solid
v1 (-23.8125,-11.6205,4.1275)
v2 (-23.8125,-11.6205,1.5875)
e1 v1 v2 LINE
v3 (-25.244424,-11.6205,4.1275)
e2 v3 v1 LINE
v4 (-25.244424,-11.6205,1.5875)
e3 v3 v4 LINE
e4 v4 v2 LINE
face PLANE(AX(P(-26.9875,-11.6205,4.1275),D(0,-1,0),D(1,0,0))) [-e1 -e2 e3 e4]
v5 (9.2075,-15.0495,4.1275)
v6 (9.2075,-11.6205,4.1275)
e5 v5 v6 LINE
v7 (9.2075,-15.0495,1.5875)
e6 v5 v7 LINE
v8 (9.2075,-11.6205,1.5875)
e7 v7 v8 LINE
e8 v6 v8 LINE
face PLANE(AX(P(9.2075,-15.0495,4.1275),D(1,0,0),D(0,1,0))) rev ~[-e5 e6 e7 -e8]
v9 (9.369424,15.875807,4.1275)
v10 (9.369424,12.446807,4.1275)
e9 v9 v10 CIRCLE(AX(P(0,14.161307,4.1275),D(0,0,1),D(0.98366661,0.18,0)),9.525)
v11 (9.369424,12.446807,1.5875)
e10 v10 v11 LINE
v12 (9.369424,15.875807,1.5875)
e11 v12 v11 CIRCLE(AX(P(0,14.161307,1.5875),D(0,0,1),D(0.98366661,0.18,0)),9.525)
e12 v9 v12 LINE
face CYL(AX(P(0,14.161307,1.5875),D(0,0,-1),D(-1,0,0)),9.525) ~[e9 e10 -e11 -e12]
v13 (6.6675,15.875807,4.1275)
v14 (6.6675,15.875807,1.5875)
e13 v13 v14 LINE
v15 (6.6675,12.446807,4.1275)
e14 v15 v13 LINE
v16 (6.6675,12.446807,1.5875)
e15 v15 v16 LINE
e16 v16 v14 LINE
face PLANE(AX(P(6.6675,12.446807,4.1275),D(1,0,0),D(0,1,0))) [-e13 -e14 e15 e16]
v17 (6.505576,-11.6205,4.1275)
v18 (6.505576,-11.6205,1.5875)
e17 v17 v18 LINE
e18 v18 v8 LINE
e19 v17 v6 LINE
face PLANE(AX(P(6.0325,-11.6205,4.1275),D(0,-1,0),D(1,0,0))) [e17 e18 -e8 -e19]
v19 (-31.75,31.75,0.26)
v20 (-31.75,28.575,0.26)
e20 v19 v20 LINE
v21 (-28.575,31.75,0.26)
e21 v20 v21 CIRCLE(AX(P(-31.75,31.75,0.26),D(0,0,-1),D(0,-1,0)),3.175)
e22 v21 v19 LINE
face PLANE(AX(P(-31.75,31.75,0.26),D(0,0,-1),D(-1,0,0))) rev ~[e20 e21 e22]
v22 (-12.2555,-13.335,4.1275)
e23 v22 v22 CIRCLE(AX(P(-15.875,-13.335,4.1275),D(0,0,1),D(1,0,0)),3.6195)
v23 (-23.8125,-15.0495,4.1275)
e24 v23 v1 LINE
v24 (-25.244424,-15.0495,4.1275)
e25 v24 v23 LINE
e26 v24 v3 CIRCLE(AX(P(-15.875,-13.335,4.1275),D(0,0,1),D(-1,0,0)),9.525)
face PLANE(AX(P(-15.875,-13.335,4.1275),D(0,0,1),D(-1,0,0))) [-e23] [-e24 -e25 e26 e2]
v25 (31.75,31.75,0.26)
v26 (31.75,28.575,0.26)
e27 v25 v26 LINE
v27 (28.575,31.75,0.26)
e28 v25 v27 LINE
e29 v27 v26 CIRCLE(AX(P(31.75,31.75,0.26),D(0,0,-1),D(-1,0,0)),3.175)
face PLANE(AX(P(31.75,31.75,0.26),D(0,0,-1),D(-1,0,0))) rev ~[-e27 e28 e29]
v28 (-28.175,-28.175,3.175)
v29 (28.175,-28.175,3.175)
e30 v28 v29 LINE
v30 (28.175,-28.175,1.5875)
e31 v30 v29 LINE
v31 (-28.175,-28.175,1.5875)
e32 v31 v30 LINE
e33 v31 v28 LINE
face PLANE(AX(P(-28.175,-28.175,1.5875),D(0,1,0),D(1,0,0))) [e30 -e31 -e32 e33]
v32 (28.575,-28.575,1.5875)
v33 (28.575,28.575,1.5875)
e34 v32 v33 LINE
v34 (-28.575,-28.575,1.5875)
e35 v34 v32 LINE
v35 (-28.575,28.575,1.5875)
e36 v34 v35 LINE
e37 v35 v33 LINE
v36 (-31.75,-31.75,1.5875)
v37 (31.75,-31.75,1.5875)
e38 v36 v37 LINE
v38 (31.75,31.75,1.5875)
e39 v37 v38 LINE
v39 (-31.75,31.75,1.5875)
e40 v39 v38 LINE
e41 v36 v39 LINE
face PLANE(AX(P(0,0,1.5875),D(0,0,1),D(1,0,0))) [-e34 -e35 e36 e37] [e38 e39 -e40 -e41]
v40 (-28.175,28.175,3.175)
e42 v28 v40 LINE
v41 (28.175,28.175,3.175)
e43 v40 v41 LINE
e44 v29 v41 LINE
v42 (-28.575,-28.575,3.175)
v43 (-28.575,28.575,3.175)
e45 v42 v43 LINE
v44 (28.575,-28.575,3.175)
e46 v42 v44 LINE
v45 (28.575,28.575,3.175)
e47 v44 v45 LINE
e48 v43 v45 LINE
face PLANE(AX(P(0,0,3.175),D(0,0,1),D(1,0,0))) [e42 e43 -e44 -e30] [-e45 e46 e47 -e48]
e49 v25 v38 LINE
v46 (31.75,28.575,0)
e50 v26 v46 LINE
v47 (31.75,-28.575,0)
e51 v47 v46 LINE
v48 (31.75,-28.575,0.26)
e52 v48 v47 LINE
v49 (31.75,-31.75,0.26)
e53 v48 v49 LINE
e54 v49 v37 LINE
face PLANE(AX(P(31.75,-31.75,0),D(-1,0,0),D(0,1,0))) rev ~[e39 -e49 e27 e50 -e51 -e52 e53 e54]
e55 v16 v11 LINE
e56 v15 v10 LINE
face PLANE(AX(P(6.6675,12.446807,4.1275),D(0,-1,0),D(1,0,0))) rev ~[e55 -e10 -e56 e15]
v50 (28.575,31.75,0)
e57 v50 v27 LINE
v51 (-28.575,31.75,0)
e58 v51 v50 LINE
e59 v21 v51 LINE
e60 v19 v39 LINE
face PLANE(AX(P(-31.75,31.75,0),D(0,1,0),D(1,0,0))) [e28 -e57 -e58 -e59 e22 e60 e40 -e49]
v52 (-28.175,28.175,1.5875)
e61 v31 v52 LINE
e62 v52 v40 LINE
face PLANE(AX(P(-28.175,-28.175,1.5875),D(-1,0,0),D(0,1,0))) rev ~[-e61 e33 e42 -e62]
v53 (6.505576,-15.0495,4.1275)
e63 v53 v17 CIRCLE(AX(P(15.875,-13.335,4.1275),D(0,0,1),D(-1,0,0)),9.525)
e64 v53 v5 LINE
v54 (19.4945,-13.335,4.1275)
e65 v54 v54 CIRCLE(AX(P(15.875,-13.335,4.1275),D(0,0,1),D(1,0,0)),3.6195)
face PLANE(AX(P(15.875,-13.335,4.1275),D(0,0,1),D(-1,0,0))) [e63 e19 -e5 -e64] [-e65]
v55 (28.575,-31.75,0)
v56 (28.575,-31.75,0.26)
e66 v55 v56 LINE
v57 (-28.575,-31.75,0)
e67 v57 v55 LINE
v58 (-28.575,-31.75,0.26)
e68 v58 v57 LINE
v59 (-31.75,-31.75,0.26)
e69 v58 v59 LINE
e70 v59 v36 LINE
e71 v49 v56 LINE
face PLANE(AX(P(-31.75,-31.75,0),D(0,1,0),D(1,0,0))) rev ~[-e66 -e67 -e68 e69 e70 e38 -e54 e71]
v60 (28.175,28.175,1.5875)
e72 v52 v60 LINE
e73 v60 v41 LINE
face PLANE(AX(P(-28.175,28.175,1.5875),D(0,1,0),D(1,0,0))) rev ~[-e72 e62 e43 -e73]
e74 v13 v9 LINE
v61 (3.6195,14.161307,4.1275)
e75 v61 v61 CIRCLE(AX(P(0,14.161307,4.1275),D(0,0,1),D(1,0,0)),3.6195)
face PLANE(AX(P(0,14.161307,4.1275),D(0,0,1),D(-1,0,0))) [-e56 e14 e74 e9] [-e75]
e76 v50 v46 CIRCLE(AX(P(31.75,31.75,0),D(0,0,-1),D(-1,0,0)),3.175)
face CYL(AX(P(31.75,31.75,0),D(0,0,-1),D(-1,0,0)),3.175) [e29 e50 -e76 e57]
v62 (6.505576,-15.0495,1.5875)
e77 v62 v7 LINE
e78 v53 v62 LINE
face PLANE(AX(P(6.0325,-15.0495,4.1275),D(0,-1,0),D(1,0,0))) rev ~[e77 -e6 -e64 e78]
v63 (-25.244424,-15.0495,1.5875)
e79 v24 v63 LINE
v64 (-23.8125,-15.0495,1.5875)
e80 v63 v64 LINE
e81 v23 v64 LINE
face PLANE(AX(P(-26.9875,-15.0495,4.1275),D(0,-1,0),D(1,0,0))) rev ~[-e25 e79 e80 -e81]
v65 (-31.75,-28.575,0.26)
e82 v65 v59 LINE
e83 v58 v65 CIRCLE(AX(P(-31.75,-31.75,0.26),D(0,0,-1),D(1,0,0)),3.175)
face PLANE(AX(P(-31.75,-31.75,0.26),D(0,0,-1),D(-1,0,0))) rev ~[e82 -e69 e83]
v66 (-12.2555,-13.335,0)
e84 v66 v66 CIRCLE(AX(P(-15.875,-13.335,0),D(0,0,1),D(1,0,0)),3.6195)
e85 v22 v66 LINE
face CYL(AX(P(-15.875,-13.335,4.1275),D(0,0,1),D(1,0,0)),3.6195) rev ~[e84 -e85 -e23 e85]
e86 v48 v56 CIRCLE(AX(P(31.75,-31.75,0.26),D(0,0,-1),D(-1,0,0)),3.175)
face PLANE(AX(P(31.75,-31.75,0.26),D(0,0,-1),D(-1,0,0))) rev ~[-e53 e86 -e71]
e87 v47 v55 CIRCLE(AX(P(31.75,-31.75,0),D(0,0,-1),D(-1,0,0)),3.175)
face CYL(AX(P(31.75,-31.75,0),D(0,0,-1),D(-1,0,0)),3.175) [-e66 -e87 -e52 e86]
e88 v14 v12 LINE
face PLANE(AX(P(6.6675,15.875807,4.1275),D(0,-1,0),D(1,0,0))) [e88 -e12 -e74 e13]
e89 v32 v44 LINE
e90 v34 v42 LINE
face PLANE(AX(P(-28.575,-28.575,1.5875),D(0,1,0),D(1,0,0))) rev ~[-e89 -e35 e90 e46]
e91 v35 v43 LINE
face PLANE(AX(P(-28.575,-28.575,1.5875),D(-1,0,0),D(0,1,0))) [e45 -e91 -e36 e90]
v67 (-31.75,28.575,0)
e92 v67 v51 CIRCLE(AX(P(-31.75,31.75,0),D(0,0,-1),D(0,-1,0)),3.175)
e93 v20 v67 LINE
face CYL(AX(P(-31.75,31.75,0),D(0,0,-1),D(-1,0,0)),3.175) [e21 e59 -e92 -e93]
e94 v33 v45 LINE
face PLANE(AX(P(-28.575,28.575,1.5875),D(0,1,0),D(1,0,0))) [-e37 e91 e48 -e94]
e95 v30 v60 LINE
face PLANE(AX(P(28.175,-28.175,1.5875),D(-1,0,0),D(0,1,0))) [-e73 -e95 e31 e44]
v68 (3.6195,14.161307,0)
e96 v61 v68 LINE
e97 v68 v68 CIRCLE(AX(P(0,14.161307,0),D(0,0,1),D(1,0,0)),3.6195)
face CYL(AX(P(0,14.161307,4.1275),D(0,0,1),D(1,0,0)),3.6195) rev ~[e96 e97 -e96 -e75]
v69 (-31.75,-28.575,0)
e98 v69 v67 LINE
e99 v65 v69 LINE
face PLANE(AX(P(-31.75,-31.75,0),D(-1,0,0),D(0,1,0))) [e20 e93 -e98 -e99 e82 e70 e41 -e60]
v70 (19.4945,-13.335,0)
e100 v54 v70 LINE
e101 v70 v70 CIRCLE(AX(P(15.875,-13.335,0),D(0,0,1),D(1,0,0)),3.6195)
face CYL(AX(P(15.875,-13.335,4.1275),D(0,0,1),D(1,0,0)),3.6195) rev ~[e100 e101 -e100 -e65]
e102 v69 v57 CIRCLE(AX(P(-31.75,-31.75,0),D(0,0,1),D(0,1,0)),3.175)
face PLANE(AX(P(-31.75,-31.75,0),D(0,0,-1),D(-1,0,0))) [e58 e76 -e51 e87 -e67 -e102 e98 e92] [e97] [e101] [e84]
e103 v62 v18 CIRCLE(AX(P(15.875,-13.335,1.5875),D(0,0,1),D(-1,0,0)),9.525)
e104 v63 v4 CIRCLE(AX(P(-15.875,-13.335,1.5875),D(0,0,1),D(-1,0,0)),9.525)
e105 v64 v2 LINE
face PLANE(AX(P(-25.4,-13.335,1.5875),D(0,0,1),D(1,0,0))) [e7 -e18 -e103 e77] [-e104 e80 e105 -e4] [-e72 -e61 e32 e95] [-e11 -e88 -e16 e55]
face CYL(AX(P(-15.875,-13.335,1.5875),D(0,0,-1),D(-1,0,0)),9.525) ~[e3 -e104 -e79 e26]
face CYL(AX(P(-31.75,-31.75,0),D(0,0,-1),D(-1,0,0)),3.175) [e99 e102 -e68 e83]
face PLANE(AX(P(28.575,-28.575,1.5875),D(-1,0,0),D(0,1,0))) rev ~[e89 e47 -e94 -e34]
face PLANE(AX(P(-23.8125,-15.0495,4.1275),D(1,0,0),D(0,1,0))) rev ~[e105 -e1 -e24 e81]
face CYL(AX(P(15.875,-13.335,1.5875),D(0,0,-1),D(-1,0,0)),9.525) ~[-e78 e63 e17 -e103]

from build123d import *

# Parameters (mm, degrees)
SKETCH1_W           = 63.5
SKETCH1_H           = 63.5
BOSS_EXTRUDE1_DEPTH = 1.5875
SKETCH2_W           = 57.15
SKETCH2_H           = 57.15
SKETCH2_W_2         = 56.35
SKETCH2_H_2         = 56.35
BOSS_EXTRUDE2_DEPTH = 1.5875
SKETCH3_R           = 9.525
BOSS_EXTRUDE4_DEPTH = 2.54
SKETCH5_R           = 3.6195
CUT_EXTRUDE2_DEPTH  = 46.090589442
SKETCH6_W           = 3.175
SKETCH6_H           = 3.429
CUT_EXTRUDE3_DEPTH  = 2.54
SKETCH7_R           = 3.175
BOSS_EXTRUDE5_DEPTH = 0.26


with BuildPart() as part:
    # Sketch1 → Boss-Extrude1 (new body)
    with BuildSketch(Plane.XY):
        Rectangle(SKETCH1_W, SKETCH1_H)
    extrude(amount=BOSS_EXTRUDE1_DEPTH)

    # Sketch2 → Boss-Extrude2 (add)
    with BuildSketch(Plane.XY.offset(1.5875)):
        Rectangle(SKETCH2_W, SKETCH2_H)
        Rectangle(SKETCH2_W_2, SKETCH2_H_2, mode=Mode.SUBTRACT)
    extrude(amount=BOSS_EXTRUDE2_DEPTH)

    # Sketch3 → Boss-Extrude4 (add)
    with BuildSketch(Plane.XY.offset(1.5875)):
        with Locations(Location((-15.875, -13.335, 0), (0, 0, 180))):
            Circle(SKETCH3_R)
        with Locations(Location((0, 14.16130657, 0), (0, 0, 180))):
            Circle(SKETCH3_R)
        with Locations(Location((15.875, -13.335, 0), (0, 0, 180))):
            Circle(SKETCH3_R)
    extrude(amount=BOSS_EXTRUDE4_DEPTH)

    # Sketch5 → Cut-Extrude2 (cut, through all)
    with BuildSketch(Plane.XY.offset(4.1275)):
        with Locations((0, 14.16130657)):
            Circle(SKETCH5_R)
        with Locations((15.875, -13.335)):
            Circle(SKETCH5_R)
        with Locations((-15.875, -13.335)):
            Circle(SKETCH5_R)
    extrude(amount=-CUT_EXTRUDE2_DEPTH, mode=Mode.SUBTRACT)

    # Sketch6 → Cut-Extrude3 (cut)
    with BuildSketch(Plane.XY.offset(4.1275)):
        with Locations((8.255, 14.16130657)):
            Rectangle(SKETCH6_W, SKETCH6_H)
        with Locations((-25.4, -13.335)):
            Rectangle(SKETCH6_W, SKETCH6_H)
        with Locations((7.62, -13.335)):
            Rectangle(SKETCH6_W, SKETCH6_H)
    extrude(amount=-CUT_EXTRUDE3_DEPTH, mode=Mode.SUBTRACT)

    # Sketch7 → Boss-Extrude5 (add)
    with BuildSketch(Plane(origin=(0, 0, 0), x_dir=(-1, 0, 0), z_dir=(0, 0, -1))):
        with Locations((31.75, -31.75)):
            Circle(SKETCH7_R)
        with Locations((-31.75, -31.75)):
            Circle(SKETCH7_R)
        with Locations((-31.75, 31.75)):
            Circle(SKETCH7_R)
        with Locations((31.75, 31.75)):
            Circle(SKETCH7_R)
    extrude(amount=-BOSS_EXTRUDE5_DEPTH)


solid = part.part
